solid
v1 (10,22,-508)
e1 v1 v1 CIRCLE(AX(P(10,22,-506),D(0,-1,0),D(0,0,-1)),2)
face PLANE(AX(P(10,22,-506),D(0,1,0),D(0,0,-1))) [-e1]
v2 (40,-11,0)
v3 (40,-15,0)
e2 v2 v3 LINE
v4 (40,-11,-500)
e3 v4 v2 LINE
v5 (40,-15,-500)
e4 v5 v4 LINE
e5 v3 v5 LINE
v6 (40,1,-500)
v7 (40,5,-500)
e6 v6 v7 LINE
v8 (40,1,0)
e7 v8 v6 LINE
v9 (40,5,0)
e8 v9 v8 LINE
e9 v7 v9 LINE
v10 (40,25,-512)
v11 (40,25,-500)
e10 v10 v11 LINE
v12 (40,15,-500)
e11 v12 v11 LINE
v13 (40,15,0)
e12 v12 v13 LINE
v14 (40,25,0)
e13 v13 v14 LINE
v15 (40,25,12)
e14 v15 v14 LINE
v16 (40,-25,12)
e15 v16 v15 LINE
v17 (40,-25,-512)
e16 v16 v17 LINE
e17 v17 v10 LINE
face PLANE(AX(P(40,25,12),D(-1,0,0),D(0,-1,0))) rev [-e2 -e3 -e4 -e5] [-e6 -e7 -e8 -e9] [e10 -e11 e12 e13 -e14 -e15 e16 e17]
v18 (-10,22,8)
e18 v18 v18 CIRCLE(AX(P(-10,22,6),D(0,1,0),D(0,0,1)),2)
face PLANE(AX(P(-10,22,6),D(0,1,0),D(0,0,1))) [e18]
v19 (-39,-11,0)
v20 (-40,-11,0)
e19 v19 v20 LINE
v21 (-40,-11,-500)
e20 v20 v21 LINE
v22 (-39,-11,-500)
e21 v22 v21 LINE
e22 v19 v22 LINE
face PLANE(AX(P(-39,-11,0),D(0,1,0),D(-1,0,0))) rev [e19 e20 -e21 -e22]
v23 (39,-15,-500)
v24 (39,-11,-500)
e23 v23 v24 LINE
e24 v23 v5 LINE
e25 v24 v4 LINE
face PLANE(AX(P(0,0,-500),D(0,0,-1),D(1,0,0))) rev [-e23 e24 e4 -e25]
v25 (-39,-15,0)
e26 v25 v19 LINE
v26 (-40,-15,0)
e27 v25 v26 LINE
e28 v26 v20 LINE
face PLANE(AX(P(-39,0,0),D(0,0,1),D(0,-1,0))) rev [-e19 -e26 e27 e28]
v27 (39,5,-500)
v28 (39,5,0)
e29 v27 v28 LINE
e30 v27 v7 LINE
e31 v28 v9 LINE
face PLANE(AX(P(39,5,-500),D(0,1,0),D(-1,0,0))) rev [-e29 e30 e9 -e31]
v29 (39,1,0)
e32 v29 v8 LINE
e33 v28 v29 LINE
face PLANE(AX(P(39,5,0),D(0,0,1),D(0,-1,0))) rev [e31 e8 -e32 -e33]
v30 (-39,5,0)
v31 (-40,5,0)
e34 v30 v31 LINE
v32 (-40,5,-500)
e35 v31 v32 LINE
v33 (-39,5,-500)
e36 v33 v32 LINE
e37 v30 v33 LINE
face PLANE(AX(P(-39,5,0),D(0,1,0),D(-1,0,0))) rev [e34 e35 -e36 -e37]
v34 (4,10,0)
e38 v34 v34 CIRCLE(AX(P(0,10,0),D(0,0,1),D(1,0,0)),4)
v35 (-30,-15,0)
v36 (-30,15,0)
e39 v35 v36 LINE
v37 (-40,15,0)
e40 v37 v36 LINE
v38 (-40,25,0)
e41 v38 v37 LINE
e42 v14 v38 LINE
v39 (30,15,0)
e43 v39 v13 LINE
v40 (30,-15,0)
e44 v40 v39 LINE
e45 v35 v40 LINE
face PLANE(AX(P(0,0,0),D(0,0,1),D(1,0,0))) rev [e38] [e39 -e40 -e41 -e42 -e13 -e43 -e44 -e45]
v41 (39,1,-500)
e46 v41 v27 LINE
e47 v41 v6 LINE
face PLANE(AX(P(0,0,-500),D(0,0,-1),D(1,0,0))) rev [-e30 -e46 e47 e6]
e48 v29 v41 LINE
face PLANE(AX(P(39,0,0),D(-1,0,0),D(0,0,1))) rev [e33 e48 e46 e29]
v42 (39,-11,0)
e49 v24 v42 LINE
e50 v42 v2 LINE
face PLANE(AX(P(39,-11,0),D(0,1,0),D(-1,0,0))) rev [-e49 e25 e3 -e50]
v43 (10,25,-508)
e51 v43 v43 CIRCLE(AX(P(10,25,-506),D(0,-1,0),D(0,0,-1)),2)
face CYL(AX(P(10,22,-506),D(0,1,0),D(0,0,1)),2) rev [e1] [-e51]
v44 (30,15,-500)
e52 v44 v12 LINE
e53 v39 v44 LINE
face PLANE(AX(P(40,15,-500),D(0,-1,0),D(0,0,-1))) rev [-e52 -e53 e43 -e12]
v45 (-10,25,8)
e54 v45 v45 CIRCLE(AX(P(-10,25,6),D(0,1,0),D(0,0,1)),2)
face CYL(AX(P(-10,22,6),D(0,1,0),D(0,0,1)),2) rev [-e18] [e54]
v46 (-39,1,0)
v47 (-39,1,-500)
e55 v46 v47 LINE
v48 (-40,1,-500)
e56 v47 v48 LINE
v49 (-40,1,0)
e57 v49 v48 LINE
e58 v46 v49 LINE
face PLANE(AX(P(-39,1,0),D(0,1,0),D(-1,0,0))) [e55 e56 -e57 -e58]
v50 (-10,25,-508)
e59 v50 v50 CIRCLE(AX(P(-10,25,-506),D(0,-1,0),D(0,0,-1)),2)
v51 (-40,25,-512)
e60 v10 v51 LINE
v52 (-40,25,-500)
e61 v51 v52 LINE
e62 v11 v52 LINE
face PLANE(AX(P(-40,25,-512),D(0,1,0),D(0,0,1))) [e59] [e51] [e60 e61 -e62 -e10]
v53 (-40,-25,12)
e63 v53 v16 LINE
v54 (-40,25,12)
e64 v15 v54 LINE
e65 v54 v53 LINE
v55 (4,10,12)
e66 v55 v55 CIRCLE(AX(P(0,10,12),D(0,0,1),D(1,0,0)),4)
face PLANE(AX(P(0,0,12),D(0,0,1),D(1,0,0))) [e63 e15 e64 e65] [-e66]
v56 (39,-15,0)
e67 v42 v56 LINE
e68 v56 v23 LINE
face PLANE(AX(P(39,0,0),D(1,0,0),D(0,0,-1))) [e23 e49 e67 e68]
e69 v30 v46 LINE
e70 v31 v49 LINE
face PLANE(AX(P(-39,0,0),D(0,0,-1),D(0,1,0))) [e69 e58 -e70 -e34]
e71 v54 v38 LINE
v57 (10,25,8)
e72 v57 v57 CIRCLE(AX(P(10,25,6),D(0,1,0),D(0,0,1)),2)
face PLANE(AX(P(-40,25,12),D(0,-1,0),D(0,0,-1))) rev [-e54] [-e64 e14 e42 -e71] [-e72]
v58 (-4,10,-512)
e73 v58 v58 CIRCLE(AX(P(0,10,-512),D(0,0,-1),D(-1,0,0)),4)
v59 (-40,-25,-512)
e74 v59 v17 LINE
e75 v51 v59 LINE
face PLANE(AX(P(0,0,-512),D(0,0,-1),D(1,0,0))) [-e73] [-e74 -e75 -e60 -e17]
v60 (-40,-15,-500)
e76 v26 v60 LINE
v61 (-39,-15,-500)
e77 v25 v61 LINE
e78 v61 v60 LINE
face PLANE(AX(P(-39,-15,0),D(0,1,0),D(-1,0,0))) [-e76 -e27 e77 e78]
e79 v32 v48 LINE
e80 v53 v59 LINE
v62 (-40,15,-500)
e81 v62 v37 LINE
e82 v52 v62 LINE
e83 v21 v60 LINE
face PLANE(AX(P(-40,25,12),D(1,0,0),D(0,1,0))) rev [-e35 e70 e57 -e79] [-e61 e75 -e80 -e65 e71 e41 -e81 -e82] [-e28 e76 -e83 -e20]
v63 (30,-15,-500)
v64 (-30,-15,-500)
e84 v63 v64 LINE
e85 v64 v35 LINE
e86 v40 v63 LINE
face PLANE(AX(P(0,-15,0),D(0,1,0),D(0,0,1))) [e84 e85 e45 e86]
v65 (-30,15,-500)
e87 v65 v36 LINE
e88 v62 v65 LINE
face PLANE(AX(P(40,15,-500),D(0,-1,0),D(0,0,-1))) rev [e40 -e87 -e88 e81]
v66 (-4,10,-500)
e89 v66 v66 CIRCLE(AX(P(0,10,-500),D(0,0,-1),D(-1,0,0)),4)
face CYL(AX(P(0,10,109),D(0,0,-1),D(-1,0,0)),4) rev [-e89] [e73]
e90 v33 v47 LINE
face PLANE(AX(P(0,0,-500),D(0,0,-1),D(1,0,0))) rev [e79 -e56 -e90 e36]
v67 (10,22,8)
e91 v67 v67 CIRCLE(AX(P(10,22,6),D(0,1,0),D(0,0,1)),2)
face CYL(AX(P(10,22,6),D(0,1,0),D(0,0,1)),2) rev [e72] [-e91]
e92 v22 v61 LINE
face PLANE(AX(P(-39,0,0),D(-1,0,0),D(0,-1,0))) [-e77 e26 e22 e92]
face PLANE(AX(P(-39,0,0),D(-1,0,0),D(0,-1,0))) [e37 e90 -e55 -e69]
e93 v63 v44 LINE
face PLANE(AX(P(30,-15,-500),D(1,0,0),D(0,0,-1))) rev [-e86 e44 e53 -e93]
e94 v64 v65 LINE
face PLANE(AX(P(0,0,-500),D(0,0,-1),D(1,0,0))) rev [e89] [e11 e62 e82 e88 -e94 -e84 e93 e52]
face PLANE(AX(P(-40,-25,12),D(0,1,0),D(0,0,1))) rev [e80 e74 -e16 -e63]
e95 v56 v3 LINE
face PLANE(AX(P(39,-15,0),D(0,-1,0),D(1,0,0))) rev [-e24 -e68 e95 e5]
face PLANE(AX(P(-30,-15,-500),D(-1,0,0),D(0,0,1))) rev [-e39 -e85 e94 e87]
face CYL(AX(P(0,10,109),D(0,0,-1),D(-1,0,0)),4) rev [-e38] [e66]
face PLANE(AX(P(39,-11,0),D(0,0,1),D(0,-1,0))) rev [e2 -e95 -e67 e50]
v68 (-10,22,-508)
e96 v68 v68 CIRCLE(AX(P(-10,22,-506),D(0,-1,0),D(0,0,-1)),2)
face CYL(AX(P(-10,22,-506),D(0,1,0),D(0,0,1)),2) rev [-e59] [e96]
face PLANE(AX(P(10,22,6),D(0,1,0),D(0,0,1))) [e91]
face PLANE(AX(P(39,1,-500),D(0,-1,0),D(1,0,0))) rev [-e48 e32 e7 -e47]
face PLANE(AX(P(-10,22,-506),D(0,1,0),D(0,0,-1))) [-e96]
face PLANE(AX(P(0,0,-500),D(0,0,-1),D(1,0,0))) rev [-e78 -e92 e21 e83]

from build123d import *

# Parameters (mm, degrees)
CROQUIS1_W              = 80
CROQUIS1_H              = 50
SALIENTE_EXTRUIR1_DEPTH = 12
CROQUIS2_R              = 2
CORTAR_EXTRUIR1_DEPTH   = 3
CROQUIS3_W              = 80
CROQUIS3_H              = 40
SALIENTE_EXTRUIR2_DEPTH = 500
CROQUIS4_W              = 60
CROQUIS4_H              = 500
CORTAR_EXTRUIR2_DEPTH   = 30
CROQUIS5_W              = 500
CROQUIS5_H              = 4
CORTAR_EXTRUIR3_DEPTH   = 1
CROQUIS6_W              = 500
CROQUIS6_H              = 4
CORTAR_EXTRUIR4_DEPTH   = 1
CROQUIS7_R              = 4
CORTAR_EXTRUIR5_DEPTH   = 621


with BuildPart() as part:
    # Croquis1 → Saliente-Extruir1 (new body)
    with BuildSketch(Plane.XY):
        Rectangle(CROQUIS1_W, CROQUIS1_H)
    saliente_extruir1 = extrude(amount=SALIENTE_EXTRUIR1_DEPTH)

    # Croquis2 → Cortar-Extruir1 (cut)
    with BuildSketch(Plane(origin=(0, 25, 0), x_dir=(1, 0, 0), z_dir=(0, 1, 0))):
        with Locations((-10, -6)):
            Circle(CROQUIS2_R)
        with Locations((10, -6)):
            Circle(CROQUIS2_R)
    cortar_extruir1 = extrude(amount=-CORTAR_EXTRUIR1_DEPTH, mode=Mode.SUBTRACT)

    # Croquis3 → Saliente-Extruir2 (add)
    with BuildSketch(Plane(origin=(0, 0, 0), x_dir=(-1, 0, 0), z_dir=(0, 0, -1))):
        with Locations((0, -5)):
            Rectangle(CROQUIS3_W, CROQUIS3_H)
    extrude(amount=SALIENTE_EXTRUIR2_DEPTH)

    # Croquis4 → Cortar-Extruir2 (cut)
    with BuildSketch(Plane(origin=(0, 15, 0), x_dir=(1, 0, 0), z_dir=(0, 1, 0))):
        with Locations((0, 250)):
            Rectangle(CROQUIS4_W, CROQUIS4_H)
    extrude(amount=-CORTAR_EXTRUIR2_DEPTH, mode=Mode.SUBTRACT)

    # Croquis5 → Cortar-Extruir3 (cut)
    with BuildSketch(Plane.ZY.offset(40)):
        with Locations((-250, 3)):
            Rectangle(CROQUIS5_W, CROQUIS5_H)
        with Locations((-250, -13)):
            Rectangle(CROQUIS5_W, CROQUIS5_H)
    extrude(amount=-CORTAR_EXTRUIR3_DEPTH, mode=Mode.SUBTRACT)

    # Croquis6 → Cortar-Extruir4 (cut)
    with BuildSketch(Plane(origin=(40, 0, 0), x_dir=(0, 0, -1), z_dir=(1, 0, 0))):
        with Locations((250, 3)):
            Rectangle(CROQUIS6_W, CROQUIS6_H)
        with Locations((250, -13)):
            Rectangle(CROQUIS6_W, CROQUIS6_H)
    extrude(amount=-CORTAR_EXTRUIR4_DEPTH, mode=Mode.SUBTRACT)

    # Simetría1: Saliente-Extruir1, Cortar-Extruir1 across plane
    add(saliente_extruir1.mirror(Plane(origin=(0, 0, -250), x_dir=(1, 0, 0), z_dir=(0, 0, -1))))
    add(cortar_extruir1.mirror(Plane(origin=(0, 0, -250), x_dir=(1, 0, 0), z_dir=(0, 0, -1))), mode=Mode.SUBTRACT)

    # Croquis7 → Cortar-Extruir5 (cut)
    with BuildSketch(Plane(origin=(0, 0, -512), x_dir=(-1, 0, 0), z_dir=(0, 0, -1))):
        with Locations((0, 10)):
            Circle(CROQUIS7_R)
    extrude(amount=-CORTAR_EXTRUIR5_DEPTH, mode=Mode.SUBTRACT)


solid = part.part
